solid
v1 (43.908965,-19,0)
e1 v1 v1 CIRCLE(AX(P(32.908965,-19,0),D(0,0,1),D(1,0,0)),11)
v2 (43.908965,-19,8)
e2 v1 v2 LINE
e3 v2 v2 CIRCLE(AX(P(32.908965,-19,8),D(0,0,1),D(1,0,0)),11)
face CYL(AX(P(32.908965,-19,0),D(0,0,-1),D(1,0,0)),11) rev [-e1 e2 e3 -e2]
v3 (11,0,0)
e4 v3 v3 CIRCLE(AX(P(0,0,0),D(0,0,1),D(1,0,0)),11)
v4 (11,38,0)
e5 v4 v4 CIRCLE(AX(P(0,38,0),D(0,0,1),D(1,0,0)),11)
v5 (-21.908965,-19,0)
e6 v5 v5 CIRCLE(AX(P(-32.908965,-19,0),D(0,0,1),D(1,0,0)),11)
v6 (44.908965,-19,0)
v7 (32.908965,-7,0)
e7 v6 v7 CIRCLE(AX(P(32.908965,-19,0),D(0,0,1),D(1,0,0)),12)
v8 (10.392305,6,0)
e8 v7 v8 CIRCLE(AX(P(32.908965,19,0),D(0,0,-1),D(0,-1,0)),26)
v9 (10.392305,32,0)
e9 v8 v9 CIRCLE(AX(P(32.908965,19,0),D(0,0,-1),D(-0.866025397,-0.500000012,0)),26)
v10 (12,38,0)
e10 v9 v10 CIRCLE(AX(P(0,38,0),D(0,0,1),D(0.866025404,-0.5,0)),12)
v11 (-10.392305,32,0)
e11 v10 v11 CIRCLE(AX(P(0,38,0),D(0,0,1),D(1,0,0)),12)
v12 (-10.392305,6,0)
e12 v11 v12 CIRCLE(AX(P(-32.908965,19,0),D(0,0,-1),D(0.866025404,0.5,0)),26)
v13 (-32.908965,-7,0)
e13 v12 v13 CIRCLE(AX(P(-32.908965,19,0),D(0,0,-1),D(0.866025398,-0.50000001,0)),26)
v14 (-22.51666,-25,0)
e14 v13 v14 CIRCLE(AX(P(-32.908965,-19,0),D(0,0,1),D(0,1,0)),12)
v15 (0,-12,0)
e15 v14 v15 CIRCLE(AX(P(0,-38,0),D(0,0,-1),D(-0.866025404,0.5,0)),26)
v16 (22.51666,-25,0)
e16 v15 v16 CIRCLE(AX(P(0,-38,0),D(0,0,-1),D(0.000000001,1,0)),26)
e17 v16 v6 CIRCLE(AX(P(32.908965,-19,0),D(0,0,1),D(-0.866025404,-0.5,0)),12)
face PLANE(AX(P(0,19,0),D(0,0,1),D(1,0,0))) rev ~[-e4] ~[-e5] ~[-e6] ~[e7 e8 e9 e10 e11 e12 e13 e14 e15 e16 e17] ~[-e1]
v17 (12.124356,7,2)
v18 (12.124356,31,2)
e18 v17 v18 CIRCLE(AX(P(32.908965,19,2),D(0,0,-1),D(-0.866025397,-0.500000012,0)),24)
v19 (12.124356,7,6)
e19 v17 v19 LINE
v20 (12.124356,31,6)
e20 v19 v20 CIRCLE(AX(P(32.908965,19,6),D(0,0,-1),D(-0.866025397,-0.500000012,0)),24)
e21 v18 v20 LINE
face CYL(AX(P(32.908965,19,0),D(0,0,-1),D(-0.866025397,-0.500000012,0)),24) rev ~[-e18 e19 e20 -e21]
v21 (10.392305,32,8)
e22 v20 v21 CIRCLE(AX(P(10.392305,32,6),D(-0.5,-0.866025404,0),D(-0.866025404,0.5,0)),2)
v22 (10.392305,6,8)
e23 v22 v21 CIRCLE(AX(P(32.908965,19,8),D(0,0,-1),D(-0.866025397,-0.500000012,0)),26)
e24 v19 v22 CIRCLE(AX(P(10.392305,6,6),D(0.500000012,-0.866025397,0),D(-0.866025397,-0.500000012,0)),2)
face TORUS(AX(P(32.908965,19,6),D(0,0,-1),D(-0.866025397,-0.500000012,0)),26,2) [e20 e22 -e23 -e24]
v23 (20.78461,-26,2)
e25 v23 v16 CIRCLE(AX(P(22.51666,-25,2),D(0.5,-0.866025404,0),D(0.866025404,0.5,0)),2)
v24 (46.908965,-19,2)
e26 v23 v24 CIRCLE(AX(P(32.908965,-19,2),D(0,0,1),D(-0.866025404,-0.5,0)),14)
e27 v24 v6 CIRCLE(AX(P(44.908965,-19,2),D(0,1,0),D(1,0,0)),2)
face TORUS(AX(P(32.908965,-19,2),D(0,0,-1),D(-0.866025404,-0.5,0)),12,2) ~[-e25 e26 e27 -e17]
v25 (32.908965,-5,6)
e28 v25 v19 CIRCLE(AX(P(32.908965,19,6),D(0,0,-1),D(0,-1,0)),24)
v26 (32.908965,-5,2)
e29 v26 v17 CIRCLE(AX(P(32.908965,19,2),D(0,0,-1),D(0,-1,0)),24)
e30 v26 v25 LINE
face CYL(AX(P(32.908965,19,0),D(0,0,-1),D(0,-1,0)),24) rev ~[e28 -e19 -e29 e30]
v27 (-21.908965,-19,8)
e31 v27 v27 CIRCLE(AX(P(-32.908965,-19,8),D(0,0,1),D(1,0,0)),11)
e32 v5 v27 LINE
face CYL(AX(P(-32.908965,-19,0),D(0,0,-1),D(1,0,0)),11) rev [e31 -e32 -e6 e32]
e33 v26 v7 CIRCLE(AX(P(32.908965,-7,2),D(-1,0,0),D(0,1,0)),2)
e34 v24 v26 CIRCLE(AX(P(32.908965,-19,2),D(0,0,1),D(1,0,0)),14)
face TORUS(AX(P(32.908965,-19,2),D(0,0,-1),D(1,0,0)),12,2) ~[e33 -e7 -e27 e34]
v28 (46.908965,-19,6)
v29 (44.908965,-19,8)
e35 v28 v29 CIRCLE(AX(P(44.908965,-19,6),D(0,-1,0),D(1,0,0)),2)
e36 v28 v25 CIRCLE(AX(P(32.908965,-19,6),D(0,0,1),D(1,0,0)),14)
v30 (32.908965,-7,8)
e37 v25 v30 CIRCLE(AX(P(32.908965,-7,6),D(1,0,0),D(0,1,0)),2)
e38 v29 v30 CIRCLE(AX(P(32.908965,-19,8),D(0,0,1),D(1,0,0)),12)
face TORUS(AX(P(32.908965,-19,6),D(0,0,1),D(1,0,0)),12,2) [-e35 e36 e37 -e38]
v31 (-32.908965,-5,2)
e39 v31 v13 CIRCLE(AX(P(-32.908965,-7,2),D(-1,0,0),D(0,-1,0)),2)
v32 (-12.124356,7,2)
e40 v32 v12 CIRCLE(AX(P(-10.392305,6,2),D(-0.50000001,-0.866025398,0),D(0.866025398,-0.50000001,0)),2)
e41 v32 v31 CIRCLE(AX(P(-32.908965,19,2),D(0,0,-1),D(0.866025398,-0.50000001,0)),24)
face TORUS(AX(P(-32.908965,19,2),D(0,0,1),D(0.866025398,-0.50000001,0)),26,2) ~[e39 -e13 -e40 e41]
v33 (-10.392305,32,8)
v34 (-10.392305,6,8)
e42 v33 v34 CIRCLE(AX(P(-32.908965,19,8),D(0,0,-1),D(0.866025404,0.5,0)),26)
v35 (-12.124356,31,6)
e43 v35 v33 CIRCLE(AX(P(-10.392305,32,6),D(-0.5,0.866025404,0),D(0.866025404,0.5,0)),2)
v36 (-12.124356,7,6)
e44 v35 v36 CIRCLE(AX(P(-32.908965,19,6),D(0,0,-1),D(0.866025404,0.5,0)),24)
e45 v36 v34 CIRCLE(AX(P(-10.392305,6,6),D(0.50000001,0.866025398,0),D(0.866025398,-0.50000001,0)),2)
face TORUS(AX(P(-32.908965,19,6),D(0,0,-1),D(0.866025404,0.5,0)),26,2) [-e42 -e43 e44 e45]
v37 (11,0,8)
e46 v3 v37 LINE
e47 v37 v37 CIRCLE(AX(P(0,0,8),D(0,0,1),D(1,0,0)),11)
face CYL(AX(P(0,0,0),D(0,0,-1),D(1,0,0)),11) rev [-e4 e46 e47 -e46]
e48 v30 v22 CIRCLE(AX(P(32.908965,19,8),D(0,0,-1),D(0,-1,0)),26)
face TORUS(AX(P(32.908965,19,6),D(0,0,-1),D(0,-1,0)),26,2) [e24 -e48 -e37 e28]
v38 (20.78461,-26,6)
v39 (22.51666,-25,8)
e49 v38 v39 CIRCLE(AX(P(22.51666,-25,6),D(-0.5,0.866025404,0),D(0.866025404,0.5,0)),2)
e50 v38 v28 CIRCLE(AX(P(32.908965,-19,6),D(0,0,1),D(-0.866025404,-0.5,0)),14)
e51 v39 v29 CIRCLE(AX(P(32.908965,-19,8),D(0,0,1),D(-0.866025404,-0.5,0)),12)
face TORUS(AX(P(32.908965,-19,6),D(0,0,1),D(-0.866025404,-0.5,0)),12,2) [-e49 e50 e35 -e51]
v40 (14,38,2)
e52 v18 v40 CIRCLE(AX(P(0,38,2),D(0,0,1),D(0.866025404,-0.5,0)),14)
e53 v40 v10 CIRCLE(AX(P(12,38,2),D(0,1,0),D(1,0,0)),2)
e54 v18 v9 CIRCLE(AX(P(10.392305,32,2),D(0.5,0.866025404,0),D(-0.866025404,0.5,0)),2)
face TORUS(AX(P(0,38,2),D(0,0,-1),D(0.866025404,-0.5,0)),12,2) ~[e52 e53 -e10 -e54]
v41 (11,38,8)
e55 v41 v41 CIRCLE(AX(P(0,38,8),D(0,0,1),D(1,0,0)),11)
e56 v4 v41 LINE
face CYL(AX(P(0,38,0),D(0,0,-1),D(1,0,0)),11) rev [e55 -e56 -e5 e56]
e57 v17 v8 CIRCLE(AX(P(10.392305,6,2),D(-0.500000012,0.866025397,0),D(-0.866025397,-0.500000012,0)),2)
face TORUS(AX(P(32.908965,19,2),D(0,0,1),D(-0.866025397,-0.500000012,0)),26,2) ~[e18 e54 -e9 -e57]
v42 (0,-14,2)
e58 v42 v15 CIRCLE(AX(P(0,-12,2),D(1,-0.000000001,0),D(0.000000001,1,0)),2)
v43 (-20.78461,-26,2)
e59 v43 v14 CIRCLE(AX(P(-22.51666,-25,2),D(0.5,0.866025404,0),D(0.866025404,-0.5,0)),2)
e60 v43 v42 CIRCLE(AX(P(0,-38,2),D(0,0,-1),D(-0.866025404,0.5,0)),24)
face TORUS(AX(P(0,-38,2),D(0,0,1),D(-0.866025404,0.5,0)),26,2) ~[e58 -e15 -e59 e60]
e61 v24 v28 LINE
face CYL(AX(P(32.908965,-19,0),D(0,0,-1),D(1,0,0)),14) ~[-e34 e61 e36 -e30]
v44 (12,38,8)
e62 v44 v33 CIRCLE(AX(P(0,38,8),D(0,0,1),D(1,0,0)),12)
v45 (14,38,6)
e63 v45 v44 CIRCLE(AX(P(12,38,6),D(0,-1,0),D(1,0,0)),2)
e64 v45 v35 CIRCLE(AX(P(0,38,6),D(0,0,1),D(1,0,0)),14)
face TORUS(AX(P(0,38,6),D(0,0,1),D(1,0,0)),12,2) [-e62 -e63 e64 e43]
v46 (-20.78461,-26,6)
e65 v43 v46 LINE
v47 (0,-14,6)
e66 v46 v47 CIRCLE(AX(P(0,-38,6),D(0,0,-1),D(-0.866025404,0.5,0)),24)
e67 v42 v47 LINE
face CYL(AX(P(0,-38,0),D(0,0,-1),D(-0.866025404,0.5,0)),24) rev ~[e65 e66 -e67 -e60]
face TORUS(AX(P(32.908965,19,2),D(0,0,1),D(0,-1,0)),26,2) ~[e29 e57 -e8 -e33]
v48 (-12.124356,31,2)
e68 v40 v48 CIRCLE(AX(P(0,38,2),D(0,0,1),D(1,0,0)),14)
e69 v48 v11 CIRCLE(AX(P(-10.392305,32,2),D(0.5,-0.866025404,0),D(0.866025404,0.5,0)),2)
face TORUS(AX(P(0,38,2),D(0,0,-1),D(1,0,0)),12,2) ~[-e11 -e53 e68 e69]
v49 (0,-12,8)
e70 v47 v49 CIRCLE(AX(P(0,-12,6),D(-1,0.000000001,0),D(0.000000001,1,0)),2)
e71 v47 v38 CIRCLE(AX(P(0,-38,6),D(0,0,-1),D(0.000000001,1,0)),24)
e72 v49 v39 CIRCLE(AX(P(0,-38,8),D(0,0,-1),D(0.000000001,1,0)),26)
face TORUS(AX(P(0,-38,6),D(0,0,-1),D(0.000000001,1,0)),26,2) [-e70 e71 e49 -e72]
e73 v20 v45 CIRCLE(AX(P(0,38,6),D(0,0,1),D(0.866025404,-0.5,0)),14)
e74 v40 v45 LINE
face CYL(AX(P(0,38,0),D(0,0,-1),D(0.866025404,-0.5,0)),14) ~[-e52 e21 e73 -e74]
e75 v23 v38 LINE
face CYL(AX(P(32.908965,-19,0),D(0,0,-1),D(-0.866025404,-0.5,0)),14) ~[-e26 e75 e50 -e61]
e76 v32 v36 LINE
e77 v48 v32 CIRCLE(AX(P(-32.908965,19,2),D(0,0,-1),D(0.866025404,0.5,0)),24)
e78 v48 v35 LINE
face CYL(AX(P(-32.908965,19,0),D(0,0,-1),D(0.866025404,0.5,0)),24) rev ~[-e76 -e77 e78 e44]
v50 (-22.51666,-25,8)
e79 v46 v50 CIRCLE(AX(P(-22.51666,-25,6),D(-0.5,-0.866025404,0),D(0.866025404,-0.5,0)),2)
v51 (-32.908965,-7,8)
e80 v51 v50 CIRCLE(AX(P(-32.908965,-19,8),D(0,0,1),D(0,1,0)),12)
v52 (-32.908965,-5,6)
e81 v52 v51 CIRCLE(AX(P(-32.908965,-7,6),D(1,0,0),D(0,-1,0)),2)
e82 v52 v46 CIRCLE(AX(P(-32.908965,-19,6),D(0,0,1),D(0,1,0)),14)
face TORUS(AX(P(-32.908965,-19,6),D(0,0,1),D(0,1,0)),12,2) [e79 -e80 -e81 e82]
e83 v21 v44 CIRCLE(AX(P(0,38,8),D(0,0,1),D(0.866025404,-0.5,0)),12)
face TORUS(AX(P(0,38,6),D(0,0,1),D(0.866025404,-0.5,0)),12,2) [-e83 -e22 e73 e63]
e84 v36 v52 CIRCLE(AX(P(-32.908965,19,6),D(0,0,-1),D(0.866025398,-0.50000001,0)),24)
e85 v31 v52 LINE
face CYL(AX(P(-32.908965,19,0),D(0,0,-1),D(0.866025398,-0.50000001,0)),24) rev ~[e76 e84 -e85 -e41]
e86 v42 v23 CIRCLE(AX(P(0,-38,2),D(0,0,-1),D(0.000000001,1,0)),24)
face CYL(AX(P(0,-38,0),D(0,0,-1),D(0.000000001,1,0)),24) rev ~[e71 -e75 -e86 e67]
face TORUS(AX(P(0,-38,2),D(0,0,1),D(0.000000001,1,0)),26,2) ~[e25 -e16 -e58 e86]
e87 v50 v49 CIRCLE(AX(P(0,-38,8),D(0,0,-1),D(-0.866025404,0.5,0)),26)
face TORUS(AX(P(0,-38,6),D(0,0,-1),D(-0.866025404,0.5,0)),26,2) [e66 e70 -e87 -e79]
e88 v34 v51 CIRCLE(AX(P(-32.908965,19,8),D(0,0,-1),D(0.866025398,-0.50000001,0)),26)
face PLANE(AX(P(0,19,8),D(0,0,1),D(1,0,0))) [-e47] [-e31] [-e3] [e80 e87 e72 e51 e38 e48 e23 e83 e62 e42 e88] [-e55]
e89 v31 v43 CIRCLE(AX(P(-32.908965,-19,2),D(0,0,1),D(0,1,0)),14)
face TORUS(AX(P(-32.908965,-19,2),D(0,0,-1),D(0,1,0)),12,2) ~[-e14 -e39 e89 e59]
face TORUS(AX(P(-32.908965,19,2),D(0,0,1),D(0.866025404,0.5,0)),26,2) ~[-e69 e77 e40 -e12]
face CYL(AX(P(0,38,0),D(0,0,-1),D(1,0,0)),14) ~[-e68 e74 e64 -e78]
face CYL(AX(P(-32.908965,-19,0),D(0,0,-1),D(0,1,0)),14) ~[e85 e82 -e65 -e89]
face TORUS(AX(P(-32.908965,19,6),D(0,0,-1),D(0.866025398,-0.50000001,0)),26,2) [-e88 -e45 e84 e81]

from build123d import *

# Parameters (mm, degrees)
F0_R     = 11
F1_DEPTH = 8
F2_R     = 2


with BuildPart() as f1:
    # F0 (on Top) → F1 (new body)
    with BuildSketch(Plane.XY):
        with BuildLine():
            ThreePointArc((-12.124355653, 31), (-8.9089653438, 18.9999998652), (-12.1243557878, 6.9999997665))
            ThreePointArc((-12.1243557878, 6.9999997665), (3.1e-08, 14), (12.1243558188, 6.9999997128))
            ThreePointArc((12.1243558188, 6.9999997128), (8.9089653438, 18.9999998342), (12.124355653, 31))
            ThreePointArc((12.124355653, 31), (0, 24), (-12.124355653, 31))
        make_face()
        with BuildLine():
            ThreePointArc((14, 0), (9.8994949413, -9.8994949319), (1.32e-08, -14))
            ThreePointArc((1.32e-08, -14), (12.0000000057, -17.2153903125), (20.7846096908, -26))
            ThreePointArc((20.7846096908, -26), (20.7846096908, -12), (32.9089653438, -5))
            ThreePointArc((32.9089653438, -5), (20.9089654874, -1.7846097737), (12.1243558188, 6.9999997128))
            ThreePointArc((12.1243558188, 6.9999997128), (13.522961611, 3.6234664712), (14, 0))
        make_face()
        with BuildLine():
            ThreePointArc((32.9089653438, -5), (20.7846096908, -12), (20.7846096908, -26))
            ThreePointArc((20.7846096908, -26), (36.5324319752, -32.522961568), (46.9089653438, -19))
            ThreePointArc((46.9089653438, -19), (42.8084602804, -9.1005050634), (32.9089653438, -5))
        make_face()
        with Locations((32.9089653438, -19)):
            Circle(F0_R, mode=Mode.SUBTRACT)
        with BuildLine():
            ThreePointArc((14, 38), (-3.6234666314, 51.522961568), (-12.124355653, 31))
            ThreePointArc((-12.124355653, 31), (0, 24), (12.124355653, 31))
            ThreePointArc((12.124355653, 31), (13.522961568, 34.3765333686), (14, 38))
        make_face()
        with Locations((0, 38)):
            Circle(F0_R, mode=Mode.SUBTRACT)
        with BuildLine():
            ThreePointArc((-32.9089653438, -5), (-23.0094704072, -9.1005050634), (-18.9089653438, -19))
            ThreePointArc((-18.9089653438, -19), (-19.3860037758, -22.6234666314), (-20.7846096908, -26))
            ThreePointArc((-20.7846096908, -26), (-11.9999999943, -17.2153903059), (1.32e-08, -14))
            ThreePointArc((1.32e-08, -14), (-12.1243555823, -7.0000001225), (-12.1243557878, 6.9999997665))
            ThreePointArc((-12.1243557878, 6.9999997665), (-20.9089654606, -1.7846097582), (-32.9089653438, -5))
        make_face()
        with BuildLine():
            ThreePointArc((-20.7846096908, -26), (-19.3860037758, -22.6234666314), (-18.9089653438, -19))
            ThreePointArc((-18.9089653438, -19), (-23.0094704072, -9.1005050634), (-32.9089653438, -5))
            ThreePointArc((-32.9089653438, -5), (-45.0333209968, -26), (-20.7846096908, -26))
        make_face()
        with Locations((-32.9089653438, -19)):
            Circle(F0_R, mode=Mode.SUBTRACT)
        with BuildLine():
            ThreePointArc((12.1243558188, 6.9999997128), (3.1e-08, 14), (-12.1243557878, 6.9999997665))
            ThreePointArc((-12.1243557878, 6.9999997665), (-12.1243555823, -7.0000001225), (1.32e-08, -14))
            ThreePointArc((1.32e-08, -14), (9.8994949413, -9.8994949319), (14, 0))
            ThreePointArc((14, 0), (13.522961611, 3.6234664712), (12.1243558188, 6.9999997128))
        make_face()
        Circle(F0_R, mode=Mode.SUBTRACT)
    extrude(amount=F1_DEPTH)

    # F2
    f2_edges = [f1.edges().sort_by_distance(p)[0] for p in [
        (-12.124356, 7, 8),
        (-12.124356, 7, 0),
        (12.124356, 7, 0),
        (0, 52, 0),
    ]]
    fillet(f2_edges, radius=F2_R)


solid = f1.part
